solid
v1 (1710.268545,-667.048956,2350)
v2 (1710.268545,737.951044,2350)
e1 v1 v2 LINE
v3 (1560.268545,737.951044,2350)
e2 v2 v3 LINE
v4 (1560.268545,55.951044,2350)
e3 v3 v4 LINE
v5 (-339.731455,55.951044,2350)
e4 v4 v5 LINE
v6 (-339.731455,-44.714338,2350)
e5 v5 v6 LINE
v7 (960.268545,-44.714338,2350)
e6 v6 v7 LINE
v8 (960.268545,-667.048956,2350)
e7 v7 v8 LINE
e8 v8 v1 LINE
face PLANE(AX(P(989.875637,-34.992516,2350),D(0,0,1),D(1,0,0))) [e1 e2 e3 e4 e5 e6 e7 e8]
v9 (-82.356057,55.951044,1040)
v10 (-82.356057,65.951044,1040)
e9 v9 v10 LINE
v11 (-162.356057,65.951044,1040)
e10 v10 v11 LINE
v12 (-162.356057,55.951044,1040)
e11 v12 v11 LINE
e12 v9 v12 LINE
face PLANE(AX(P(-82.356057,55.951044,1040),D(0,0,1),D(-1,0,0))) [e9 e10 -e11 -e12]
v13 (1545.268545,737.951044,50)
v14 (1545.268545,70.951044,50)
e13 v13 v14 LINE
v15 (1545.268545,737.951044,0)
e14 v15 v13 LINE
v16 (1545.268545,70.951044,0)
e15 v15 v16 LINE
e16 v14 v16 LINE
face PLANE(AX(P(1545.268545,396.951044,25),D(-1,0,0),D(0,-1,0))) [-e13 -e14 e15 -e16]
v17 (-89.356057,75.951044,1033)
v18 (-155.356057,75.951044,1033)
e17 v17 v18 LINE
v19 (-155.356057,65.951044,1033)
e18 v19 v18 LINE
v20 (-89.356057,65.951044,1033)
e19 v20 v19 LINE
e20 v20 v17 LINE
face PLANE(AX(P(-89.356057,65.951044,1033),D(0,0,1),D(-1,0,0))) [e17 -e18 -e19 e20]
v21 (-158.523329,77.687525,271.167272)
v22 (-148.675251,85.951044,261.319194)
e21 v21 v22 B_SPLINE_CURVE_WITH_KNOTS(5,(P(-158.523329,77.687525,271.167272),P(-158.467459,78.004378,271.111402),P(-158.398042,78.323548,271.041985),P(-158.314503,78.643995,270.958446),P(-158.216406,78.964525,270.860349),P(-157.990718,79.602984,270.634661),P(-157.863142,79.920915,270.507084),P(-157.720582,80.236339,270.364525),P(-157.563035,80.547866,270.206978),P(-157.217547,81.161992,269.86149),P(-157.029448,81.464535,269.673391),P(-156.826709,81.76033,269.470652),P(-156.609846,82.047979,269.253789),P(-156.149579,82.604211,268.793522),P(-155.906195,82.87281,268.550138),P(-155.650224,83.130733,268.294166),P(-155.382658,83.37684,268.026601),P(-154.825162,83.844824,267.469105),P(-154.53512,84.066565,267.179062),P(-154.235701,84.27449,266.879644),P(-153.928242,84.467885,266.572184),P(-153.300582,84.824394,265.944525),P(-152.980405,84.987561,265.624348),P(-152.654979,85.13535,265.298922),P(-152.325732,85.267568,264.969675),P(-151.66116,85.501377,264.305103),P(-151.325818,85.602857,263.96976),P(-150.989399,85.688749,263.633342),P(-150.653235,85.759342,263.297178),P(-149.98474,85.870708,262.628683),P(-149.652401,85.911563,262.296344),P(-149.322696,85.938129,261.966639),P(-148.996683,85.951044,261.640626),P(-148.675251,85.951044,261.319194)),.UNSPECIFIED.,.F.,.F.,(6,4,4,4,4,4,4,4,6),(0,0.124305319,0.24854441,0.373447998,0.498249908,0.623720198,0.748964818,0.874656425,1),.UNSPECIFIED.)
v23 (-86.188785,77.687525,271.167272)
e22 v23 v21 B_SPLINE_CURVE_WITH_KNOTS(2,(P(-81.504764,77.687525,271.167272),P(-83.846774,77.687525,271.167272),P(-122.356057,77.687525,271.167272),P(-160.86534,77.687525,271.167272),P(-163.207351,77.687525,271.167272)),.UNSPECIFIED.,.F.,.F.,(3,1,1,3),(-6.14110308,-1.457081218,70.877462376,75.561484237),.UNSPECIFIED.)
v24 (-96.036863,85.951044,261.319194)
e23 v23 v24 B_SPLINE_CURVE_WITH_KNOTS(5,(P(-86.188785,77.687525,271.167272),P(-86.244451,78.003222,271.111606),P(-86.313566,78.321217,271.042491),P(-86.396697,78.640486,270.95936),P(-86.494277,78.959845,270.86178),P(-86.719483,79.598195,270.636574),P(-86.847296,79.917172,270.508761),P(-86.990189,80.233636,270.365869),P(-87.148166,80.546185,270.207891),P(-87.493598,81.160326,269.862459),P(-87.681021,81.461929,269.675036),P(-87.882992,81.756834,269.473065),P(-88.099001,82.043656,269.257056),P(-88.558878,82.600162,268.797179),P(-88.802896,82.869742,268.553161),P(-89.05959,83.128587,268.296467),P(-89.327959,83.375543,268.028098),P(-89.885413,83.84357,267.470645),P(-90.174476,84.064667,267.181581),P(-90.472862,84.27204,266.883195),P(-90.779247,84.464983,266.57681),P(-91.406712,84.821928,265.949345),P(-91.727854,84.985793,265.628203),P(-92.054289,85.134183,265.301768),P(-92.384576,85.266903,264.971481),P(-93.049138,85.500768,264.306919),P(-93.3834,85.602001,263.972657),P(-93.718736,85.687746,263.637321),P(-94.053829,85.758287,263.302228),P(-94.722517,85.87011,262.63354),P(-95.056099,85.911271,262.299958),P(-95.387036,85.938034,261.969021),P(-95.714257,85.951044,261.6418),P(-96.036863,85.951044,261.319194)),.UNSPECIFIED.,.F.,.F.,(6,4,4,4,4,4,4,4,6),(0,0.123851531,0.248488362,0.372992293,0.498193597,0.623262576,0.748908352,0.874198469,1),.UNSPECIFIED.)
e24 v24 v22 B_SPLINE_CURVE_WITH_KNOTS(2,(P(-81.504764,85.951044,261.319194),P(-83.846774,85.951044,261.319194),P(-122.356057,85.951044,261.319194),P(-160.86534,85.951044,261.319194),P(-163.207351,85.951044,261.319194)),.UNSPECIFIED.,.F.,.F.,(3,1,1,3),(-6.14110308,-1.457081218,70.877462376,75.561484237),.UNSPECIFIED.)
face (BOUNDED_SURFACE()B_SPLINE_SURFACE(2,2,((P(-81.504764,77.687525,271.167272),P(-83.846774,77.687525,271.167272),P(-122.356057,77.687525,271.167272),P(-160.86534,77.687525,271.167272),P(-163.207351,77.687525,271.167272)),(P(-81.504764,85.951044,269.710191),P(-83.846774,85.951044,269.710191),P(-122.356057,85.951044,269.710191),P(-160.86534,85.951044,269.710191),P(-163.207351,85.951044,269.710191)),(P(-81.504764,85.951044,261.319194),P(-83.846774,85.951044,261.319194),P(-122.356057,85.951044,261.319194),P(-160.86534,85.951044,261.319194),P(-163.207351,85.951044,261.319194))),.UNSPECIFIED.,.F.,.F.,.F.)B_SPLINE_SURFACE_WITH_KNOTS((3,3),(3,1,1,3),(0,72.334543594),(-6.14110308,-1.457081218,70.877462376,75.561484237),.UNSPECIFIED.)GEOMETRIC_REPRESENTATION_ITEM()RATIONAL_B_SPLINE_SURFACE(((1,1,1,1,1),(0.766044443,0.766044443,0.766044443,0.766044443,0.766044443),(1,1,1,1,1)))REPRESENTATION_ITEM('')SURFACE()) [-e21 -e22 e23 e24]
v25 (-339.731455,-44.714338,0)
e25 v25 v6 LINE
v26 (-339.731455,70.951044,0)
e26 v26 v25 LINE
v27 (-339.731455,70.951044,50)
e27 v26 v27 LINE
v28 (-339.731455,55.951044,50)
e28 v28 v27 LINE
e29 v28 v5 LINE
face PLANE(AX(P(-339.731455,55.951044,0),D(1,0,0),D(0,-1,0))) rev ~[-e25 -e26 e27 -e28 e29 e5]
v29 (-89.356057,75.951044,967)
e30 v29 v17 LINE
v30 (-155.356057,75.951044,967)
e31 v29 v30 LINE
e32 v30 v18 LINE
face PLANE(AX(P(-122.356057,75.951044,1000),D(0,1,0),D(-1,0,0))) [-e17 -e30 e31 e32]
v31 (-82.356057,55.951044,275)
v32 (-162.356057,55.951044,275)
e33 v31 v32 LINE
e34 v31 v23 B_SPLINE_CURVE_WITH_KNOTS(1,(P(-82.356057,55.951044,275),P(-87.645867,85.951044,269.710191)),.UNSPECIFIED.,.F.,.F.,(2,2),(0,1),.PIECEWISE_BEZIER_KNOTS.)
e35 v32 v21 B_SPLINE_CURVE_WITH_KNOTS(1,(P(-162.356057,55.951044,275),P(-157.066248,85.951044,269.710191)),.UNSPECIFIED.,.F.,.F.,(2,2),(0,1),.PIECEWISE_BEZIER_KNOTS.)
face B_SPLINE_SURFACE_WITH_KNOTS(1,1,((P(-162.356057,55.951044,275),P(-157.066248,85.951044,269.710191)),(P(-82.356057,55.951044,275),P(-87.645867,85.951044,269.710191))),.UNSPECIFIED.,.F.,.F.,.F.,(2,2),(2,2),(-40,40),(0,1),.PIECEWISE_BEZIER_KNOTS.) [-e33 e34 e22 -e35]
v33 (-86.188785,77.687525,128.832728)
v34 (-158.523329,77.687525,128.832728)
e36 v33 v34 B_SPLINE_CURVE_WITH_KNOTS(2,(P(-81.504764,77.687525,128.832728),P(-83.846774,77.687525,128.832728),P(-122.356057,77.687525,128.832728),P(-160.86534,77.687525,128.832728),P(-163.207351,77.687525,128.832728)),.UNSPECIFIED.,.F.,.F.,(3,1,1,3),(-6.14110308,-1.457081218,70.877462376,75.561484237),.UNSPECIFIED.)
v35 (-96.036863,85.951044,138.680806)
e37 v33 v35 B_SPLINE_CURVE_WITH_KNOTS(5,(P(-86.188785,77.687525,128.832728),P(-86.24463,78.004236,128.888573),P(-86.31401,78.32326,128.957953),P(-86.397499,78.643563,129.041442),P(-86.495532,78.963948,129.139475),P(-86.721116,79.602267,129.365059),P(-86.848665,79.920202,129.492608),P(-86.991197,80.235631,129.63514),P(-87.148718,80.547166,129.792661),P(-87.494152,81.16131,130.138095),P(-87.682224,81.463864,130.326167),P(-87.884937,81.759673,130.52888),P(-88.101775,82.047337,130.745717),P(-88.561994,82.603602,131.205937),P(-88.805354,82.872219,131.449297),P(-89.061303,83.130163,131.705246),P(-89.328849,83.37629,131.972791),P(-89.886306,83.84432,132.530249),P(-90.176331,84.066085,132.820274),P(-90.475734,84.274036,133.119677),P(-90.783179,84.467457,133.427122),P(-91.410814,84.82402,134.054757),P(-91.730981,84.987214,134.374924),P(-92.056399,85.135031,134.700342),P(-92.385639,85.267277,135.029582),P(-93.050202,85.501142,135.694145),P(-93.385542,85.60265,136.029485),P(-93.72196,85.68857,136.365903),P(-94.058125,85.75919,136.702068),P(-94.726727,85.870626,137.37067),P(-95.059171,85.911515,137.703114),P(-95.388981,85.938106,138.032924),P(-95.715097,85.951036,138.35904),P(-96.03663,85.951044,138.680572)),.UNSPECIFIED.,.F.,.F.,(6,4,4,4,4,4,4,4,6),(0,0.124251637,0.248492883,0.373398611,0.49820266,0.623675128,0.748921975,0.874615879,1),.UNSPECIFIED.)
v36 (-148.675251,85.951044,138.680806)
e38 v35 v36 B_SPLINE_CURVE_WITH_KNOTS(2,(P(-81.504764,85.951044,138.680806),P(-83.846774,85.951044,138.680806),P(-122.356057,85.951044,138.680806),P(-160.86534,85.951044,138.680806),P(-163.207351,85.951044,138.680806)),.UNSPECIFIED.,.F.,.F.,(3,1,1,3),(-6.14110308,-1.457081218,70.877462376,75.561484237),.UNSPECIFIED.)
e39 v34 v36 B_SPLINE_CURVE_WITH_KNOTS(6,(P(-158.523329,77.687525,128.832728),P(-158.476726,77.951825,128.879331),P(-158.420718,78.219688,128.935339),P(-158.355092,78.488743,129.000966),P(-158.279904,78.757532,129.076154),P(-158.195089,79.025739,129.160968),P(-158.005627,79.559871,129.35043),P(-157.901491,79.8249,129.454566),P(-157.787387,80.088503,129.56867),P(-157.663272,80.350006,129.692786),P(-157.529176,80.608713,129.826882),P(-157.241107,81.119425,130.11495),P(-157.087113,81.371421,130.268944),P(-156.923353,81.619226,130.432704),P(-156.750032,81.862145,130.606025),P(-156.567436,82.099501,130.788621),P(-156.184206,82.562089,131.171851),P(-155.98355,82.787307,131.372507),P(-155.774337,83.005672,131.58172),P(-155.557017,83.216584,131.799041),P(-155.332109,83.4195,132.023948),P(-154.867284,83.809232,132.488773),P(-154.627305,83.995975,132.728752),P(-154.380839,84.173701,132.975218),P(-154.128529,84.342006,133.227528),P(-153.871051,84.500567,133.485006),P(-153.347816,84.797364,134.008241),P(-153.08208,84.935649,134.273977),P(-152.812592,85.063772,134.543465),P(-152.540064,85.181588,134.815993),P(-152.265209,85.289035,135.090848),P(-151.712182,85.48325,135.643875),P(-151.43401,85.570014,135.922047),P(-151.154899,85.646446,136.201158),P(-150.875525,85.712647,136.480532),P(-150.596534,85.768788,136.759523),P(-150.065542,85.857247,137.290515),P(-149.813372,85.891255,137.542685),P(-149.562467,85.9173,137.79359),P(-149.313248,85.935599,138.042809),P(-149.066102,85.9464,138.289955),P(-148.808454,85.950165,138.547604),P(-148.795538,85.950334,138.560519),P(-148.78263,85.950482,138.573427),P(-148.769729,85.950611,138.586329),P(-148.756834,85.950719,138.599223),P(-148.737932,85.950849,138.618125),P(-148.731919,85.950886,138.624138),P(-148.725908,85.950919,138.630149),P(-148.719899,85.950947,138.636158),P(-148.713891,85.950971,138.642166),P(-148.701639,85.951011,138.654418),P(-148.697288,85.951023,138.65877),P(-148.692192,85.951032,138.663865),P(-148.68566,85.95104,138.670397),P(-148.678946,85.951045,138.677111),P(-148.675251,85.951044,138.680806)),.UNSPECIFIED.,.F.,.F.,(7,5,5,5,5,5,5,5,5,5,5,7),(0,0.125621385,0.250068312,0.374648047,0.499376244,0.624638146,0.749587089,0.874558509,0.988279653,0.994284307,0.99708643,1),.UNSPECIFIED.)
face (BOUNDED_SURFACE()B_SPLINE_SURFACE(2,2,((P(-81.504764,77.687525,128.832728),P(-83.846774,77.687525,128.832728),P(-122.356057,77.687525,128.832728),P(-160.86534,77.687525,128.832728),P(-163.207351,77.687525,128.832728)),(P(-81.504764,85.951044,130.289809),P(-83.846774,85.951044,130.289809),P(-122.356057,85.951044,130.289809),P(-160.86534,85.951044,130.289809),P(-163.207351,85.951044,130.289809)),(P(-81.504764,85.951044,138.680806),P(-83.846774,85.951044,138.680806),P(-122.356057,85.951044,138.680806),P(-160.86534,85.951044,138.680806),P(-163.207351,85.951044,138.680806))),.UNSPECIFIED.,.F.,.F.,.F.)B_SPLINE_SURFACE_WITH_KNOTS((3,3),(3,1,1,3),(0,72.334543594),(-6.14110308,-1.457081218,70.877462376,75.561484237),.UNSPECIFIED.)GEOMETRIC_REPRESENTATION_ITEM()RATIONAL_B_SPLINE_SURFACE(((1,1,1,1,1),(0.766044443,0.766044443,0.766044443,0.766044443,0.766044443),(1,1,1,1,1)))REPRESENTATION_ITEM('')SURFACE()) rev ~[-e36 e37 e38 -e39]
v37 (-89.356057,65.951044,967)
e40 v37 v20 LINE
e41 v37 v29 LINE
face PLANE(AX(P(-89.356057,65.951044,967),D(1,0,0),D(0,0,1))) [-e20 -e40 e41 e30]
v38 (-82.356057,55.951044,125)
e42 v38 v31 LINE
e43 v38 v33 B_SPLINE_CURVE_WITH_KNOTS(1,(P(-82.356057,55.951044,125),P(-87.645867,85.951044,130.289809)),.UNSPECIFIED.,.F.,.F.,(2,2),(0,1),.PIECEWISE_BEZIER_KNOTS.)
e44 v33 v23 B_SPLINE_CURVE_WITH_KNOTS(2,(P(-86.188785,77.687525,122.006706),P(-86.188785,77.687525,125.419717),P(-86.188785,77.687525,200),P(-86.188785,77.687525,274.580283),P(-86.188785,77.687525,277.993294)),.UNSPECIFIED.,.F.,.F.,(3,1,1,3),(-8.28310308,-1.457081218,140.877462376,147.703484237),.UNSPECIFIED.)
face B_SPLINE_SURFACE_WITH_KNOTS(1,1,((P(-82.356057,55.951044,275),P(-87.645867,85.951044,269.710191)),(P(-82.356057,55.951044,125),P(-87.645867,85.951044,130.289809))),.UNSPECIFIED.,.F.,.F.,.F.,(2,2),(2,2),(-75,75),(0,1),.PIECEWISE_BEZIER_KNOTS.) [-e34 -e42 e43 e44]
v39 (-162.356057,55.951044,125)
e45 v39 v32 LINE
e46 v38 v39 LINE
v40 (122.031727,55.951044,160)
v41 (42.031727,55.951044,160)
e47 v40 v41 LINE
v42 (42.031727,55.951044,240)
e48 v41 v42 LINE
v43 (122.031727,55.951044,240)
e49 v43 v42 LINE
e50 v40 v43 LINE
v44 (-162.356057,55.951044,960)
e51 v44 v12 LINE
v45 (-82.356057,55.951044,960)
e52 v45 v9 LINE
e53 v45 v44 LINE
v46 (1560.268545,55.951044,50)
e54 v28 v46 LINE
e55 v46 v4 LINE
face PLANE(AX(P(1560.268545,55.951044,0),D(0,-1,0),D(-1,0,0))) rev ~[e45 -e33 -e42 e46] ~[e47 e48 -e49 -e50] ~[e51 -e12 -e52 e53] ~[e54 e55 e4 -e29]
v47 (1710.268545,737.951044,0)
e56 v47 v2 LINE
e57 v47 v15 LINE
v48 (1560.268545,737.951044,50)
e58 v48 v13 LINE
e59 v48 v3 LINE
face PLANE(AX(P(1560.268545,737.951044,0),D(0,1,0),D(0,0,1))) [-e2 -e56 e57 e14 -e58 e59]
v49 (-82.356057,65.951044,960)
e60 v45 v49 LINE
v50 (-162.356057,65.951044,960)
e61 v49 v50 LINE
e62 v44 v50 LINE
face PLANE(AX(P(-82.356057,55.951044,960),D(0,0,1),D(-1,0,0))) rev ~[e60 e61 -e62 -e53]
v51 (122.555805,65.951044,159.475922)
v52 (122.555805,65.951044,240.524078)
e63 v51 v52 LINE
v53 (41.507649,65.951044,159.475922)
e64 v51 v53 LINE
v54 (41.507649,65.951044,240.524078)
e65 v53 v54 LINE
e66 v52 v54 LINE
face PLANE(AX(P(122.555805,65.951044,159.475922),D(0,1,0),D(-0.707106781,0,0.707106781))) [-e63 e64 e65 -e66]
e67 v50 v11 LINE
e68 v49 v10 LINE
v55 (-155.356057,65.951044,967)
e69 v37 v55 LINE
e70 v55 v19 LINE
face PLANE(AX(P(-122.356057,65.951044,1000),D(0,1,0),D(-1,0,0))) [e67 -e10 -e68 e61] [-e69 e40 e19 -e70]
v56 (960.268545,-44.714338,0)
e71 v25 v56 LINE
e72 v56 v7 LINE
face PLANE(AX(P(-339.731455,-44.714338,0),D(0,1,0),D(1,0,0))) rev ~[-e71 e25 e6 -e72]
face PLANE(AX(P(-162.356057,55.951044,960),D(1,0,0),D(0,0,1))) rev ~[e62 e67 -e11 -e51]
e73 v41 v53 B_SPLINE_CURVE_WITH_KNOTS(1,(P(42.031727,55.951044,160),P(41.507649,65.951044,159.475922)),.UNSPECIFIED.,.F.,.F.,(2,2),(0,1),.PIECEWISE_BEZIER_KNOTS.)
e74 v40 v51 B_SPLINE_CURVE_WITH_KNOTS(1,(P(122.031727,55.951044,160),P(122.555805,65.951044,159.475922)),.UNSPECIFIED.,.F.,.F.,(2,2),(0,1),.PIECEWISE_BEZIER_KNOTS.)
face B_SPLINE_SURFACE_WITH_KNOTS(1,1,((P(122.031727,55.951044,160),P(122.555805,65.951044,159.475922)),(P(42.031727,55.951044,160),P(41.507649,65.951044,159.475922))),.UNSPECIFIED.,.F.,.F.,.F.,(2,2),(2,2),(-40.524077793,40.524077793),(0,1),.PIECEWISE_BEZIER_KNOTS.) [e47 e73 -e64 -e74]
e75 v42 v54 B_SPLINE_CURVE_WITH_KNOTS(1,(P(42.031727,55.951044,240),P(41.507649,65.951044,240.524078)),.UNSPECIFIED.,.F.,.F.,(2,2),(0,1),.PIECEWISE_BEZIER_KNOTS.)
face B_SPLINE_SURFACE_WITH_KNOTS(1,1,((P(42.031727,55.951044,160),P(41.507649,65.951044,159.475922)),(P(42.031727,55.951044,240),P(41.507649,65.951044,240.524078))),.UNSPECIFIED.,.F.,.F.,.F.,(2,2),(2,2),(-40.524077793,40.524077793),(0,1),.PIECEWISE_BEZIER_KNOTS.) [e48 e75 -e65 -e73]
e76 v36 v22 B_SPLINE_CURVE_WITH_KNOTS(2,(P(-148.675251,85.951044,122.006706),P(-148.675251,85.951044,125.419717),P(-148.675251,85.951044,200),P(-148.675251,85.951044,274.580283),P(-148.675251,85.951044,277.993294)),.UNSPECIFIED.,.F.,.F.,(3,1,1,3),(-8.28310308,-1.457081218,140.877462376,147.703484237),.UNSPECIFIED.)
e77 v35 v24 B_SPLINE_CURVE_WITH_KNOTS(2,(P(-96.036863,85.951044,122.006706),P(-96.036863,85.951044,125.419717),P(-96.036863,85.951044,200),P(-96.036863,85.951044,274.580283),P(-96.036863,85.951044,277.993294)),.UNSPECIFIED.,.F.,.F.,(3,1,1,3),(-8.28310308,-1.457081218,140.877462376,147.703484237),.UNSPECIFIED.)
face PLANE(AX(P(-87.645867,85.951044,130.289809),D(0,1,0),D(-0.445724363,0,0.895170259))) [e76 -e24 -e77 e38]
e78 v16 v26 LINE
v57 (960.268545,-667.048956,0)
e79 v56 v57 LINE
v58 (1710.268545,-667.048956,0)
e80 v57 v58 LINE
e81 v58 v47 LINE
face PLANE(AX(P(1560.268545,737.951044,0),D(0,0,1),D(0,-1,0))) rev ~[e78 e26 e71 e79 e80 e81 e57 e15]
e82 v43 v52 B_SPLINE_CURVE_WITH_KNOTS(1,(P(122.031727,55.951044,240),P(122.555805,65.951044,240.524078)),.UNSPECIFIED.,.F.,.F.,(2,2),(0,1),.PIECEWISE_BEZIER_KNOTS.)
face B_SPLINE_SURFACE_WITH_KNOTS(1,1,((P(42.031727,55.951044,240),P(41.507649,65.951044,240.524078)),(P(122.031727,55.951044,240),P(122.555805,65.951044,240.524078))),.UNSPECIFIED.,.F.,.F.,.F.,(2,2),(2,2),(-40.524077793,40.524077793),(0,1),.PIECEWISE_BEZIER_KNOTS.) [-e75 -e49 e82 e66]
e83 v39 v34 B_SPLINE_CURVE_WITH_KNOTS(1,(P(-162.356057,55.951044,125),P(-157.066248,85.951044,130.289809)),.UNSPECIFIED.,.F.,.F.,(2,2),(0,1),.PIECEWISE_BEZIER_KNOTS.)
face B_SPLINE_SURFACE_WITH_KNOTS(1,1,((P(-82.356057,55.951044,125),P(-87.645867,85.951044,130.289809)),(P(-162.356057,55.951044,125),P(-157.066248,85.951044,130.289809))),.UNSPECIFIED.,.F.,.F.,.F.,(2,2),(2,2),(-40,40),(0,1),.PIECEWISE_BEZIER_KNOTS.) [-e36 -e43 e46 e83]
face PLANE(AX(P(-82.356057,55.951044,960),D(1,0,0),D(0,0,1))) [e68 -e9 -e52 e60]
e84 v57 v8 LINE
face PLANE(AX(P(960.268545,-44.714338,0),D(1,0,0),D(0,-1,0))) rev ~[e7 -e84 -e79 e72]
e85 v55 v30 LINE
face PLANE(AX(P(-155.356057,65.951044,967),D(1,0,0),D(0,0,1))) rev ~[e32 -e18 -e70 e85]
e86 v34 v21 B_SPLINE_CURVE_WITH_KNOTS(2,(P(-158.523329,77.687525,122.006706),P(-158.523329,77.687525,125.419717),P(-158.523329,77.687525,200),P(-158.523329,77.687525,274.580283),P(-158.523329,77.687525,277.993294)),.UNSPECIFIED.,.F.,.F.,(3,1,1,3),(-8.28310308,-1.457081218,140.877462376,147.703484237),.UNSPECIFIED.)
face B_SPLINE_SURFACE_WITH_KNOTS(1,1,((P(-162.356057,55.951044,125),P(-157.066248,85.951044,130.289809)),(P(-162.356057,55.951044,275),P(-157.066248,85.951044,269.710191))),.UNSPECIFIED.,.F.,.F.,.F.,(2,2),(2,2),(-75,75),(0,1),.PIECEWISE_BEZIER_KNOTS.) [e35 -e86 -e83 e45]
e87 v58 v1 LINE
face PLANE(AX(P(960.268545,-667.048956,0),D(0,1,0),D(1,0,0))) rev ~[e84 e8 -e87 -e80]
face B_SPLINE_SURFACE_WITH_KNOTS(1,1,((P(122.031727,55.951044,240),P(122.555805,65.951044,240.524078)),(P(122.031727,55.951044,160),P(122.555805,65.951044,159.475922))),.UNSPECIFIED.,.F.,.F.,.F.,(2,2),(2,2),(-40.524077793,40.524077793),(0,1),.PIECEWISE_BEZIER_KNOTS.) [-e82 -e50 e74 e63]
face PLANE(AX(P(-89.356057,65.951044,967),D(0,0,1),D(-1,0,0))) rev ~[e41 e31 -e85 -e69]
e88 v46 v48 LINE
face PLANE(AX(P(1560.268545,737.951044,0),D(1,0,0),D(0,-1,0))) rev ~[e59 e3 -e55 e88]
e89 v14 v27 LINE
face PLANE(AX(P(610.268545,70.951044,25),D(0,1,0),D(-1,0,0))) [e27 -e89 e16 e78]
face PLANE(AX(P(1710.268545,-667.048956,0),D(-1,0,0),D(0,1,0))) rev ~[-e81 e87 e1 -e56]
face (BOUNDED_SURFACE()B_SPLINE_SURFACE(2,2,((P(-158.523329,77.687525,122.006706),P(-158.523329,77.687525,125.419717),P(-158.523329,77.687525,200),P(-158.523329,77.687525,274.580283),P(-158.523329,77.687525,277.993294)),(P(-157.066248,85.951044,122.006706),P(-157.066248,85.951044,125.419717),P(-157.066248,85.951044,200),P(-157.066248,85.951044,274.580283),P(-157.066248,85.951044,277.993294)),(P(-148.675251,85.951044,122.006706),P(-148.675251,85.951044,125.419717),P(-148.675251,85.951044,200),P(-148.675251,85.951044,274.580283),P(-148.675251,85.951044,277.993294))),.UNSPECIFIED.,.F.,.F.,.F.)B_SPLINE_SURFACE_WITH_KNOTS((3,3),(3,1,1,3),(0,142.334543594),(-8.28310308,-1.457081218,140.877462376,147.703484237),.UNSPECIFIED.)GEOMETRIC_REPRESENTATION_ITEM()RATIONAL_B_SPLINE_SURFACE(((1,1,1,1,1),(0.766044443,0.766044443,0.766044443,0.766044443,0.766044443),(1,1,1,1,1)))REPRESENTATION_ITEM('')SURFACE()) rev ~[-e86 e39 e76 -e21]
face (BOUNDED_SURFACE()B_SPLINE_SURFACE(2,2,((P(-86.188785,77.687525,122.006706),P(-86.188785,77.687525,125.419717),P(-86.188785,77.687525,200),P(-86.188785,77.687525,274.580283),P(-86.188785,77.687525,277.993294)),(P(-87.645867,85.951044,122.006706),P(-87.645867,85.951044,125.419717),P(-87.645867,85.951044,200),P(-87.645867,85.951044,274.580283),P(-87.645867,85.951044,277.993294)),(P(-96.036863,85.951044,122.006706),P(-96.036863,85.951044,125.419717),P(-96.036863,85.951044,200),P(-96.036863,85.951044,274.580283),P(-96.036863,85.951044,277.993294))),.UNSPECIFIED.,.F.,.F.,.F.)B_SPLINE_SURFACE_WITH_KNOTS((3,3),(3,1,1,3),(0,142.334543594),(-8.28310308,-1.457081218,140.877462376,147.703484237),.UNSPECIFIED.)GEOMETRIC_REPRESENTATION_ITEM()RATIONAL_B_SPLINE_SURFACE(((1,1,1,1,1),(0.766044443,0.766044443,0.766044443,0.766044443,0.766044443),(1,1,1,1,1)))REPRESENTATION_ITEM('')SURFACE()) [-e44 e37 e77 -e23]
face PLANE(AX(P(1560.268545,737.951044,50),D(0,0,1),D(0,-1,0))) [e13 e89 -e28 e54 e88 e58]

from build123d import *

# Parameters (mm, degrees)
F1_DEPTH  = 2350
F2_W      = 682
F2_H      = 50
F4_DEPTH  = 15
F3_W      = 1900
F3_H      = 50
F5_DEPTH  = 15
F6_W      = 80
F6_H      = 80
F7_DEPTH  = 10
F8_W      = 66
F8_H      = 66
F9_DEPTH  = 10
F6_H_2    = 150
F10_DEPTH = 30
F10_TAPER = 10
F11_R     = 10
F12_DEPTH = 10
F12_TAPER = -3


with BuildPart() as f1:
    # F0 (on Top) → F1 (new body)
    with BuildSketch(Plane.XY):
        Polygon((-214.7314548492, 55.9510436533), (-339.7314548492, 55.9510436533), (-339.7314548492, -44.7143382704), (960.2685451508, -44.7143382704), (960.2685451508, -667.0489563467), (1710.2685451508, -667.0489563467), (1710.2685451508, 737.9510436533), (1560.2685451508, 737.9510436533), (1560.2685451508, 55.9510436533), (-134.7314548492, 55.9510436533), align=None)
    extrude(amount=F1_DEPTH)

    # F2 (on face) → F4 (join)
    with BuildSketch(Plane(origin=(1560.2685451508, 0, 0), x_dir=(0, -1, 0), z_dir=(-1, 0, 0))):
        with Locations((-396.9510436533, 25)):
            Rectangle(F2_W, F2_H)
    extrude(amount=F4_DEPTH)

    # F3 (on face) → F5 (join)
    with BuildSketch(Plane(origin=(0, 55.9510436533, 0), x_dir=(-1, 0, 0), z_dir=(0, 1, 0))):
        with Locations((-610.2685451508, 25)):
            Rectangle(F3_W, F3_H)
    extrude(amount=F5_DEPTH)

    # F6 (on face) → F7 (join)
    with BuildSketch(Plane(origin=(0, 55.9510436533, 0), x_dir=(-1, 0, 0), z_dir=(0, 1, 0))):
        with Locations((122.3560571671, 1000)):
            Rectangle(F6_W, F6_H)
    extrude(amount=F7_DEPTH)

    # F8 (on face) → F9 (join)
    with BuildSketch(Plane(origin=(0, 65.9510436533, 0), x_dir=(-1, 0, 0), z_dir=(0, 1, 0))):
        with Locations((122.3560571671, 1000)):
            Rectangle(F8_W, F8_H)
    extrude(amount=F9_DEPTH)

    # F6 (on face) → F10 (join)
    with BuildSketch(Plane(origin=(0, 55.9510436533, 0), x_dir=(-1, 0, 0), z_dir=(0, 1, 0))):
        with Locations((122.3560571671, 200)):
            Rectangle(F6_W, F6_H_2)
    extrude(amount=F10_DEPTH, taper=F10_TAPER)

    # F11
    f11_edges = [f1.edges().sort_by_distance(p)[0] for p in [
        (-157.066248, 85.951044, 200),
        (-122.356057, 85.951044, 269.710191),
        (-87.645867, 85.951044, 200),
        (-122.356057, 85.951044, 130.289809),
    ]]
    fillet(f11_edges, radius=F11_R)

    # F6 (on face) → F12 (join)
    with BuildSketch(Plane(origin=(0, 55.9510436533, 0), x_dir=(-1, 0, 0), z_dir=(0, 1, 0))):
        with Locations((-82.0317268372, 200)):
            Rectangle(F6_W, F6_H)
    extrude(amount=F12_DEPTH, taper=F12_TAPER)


solid = f1.part
